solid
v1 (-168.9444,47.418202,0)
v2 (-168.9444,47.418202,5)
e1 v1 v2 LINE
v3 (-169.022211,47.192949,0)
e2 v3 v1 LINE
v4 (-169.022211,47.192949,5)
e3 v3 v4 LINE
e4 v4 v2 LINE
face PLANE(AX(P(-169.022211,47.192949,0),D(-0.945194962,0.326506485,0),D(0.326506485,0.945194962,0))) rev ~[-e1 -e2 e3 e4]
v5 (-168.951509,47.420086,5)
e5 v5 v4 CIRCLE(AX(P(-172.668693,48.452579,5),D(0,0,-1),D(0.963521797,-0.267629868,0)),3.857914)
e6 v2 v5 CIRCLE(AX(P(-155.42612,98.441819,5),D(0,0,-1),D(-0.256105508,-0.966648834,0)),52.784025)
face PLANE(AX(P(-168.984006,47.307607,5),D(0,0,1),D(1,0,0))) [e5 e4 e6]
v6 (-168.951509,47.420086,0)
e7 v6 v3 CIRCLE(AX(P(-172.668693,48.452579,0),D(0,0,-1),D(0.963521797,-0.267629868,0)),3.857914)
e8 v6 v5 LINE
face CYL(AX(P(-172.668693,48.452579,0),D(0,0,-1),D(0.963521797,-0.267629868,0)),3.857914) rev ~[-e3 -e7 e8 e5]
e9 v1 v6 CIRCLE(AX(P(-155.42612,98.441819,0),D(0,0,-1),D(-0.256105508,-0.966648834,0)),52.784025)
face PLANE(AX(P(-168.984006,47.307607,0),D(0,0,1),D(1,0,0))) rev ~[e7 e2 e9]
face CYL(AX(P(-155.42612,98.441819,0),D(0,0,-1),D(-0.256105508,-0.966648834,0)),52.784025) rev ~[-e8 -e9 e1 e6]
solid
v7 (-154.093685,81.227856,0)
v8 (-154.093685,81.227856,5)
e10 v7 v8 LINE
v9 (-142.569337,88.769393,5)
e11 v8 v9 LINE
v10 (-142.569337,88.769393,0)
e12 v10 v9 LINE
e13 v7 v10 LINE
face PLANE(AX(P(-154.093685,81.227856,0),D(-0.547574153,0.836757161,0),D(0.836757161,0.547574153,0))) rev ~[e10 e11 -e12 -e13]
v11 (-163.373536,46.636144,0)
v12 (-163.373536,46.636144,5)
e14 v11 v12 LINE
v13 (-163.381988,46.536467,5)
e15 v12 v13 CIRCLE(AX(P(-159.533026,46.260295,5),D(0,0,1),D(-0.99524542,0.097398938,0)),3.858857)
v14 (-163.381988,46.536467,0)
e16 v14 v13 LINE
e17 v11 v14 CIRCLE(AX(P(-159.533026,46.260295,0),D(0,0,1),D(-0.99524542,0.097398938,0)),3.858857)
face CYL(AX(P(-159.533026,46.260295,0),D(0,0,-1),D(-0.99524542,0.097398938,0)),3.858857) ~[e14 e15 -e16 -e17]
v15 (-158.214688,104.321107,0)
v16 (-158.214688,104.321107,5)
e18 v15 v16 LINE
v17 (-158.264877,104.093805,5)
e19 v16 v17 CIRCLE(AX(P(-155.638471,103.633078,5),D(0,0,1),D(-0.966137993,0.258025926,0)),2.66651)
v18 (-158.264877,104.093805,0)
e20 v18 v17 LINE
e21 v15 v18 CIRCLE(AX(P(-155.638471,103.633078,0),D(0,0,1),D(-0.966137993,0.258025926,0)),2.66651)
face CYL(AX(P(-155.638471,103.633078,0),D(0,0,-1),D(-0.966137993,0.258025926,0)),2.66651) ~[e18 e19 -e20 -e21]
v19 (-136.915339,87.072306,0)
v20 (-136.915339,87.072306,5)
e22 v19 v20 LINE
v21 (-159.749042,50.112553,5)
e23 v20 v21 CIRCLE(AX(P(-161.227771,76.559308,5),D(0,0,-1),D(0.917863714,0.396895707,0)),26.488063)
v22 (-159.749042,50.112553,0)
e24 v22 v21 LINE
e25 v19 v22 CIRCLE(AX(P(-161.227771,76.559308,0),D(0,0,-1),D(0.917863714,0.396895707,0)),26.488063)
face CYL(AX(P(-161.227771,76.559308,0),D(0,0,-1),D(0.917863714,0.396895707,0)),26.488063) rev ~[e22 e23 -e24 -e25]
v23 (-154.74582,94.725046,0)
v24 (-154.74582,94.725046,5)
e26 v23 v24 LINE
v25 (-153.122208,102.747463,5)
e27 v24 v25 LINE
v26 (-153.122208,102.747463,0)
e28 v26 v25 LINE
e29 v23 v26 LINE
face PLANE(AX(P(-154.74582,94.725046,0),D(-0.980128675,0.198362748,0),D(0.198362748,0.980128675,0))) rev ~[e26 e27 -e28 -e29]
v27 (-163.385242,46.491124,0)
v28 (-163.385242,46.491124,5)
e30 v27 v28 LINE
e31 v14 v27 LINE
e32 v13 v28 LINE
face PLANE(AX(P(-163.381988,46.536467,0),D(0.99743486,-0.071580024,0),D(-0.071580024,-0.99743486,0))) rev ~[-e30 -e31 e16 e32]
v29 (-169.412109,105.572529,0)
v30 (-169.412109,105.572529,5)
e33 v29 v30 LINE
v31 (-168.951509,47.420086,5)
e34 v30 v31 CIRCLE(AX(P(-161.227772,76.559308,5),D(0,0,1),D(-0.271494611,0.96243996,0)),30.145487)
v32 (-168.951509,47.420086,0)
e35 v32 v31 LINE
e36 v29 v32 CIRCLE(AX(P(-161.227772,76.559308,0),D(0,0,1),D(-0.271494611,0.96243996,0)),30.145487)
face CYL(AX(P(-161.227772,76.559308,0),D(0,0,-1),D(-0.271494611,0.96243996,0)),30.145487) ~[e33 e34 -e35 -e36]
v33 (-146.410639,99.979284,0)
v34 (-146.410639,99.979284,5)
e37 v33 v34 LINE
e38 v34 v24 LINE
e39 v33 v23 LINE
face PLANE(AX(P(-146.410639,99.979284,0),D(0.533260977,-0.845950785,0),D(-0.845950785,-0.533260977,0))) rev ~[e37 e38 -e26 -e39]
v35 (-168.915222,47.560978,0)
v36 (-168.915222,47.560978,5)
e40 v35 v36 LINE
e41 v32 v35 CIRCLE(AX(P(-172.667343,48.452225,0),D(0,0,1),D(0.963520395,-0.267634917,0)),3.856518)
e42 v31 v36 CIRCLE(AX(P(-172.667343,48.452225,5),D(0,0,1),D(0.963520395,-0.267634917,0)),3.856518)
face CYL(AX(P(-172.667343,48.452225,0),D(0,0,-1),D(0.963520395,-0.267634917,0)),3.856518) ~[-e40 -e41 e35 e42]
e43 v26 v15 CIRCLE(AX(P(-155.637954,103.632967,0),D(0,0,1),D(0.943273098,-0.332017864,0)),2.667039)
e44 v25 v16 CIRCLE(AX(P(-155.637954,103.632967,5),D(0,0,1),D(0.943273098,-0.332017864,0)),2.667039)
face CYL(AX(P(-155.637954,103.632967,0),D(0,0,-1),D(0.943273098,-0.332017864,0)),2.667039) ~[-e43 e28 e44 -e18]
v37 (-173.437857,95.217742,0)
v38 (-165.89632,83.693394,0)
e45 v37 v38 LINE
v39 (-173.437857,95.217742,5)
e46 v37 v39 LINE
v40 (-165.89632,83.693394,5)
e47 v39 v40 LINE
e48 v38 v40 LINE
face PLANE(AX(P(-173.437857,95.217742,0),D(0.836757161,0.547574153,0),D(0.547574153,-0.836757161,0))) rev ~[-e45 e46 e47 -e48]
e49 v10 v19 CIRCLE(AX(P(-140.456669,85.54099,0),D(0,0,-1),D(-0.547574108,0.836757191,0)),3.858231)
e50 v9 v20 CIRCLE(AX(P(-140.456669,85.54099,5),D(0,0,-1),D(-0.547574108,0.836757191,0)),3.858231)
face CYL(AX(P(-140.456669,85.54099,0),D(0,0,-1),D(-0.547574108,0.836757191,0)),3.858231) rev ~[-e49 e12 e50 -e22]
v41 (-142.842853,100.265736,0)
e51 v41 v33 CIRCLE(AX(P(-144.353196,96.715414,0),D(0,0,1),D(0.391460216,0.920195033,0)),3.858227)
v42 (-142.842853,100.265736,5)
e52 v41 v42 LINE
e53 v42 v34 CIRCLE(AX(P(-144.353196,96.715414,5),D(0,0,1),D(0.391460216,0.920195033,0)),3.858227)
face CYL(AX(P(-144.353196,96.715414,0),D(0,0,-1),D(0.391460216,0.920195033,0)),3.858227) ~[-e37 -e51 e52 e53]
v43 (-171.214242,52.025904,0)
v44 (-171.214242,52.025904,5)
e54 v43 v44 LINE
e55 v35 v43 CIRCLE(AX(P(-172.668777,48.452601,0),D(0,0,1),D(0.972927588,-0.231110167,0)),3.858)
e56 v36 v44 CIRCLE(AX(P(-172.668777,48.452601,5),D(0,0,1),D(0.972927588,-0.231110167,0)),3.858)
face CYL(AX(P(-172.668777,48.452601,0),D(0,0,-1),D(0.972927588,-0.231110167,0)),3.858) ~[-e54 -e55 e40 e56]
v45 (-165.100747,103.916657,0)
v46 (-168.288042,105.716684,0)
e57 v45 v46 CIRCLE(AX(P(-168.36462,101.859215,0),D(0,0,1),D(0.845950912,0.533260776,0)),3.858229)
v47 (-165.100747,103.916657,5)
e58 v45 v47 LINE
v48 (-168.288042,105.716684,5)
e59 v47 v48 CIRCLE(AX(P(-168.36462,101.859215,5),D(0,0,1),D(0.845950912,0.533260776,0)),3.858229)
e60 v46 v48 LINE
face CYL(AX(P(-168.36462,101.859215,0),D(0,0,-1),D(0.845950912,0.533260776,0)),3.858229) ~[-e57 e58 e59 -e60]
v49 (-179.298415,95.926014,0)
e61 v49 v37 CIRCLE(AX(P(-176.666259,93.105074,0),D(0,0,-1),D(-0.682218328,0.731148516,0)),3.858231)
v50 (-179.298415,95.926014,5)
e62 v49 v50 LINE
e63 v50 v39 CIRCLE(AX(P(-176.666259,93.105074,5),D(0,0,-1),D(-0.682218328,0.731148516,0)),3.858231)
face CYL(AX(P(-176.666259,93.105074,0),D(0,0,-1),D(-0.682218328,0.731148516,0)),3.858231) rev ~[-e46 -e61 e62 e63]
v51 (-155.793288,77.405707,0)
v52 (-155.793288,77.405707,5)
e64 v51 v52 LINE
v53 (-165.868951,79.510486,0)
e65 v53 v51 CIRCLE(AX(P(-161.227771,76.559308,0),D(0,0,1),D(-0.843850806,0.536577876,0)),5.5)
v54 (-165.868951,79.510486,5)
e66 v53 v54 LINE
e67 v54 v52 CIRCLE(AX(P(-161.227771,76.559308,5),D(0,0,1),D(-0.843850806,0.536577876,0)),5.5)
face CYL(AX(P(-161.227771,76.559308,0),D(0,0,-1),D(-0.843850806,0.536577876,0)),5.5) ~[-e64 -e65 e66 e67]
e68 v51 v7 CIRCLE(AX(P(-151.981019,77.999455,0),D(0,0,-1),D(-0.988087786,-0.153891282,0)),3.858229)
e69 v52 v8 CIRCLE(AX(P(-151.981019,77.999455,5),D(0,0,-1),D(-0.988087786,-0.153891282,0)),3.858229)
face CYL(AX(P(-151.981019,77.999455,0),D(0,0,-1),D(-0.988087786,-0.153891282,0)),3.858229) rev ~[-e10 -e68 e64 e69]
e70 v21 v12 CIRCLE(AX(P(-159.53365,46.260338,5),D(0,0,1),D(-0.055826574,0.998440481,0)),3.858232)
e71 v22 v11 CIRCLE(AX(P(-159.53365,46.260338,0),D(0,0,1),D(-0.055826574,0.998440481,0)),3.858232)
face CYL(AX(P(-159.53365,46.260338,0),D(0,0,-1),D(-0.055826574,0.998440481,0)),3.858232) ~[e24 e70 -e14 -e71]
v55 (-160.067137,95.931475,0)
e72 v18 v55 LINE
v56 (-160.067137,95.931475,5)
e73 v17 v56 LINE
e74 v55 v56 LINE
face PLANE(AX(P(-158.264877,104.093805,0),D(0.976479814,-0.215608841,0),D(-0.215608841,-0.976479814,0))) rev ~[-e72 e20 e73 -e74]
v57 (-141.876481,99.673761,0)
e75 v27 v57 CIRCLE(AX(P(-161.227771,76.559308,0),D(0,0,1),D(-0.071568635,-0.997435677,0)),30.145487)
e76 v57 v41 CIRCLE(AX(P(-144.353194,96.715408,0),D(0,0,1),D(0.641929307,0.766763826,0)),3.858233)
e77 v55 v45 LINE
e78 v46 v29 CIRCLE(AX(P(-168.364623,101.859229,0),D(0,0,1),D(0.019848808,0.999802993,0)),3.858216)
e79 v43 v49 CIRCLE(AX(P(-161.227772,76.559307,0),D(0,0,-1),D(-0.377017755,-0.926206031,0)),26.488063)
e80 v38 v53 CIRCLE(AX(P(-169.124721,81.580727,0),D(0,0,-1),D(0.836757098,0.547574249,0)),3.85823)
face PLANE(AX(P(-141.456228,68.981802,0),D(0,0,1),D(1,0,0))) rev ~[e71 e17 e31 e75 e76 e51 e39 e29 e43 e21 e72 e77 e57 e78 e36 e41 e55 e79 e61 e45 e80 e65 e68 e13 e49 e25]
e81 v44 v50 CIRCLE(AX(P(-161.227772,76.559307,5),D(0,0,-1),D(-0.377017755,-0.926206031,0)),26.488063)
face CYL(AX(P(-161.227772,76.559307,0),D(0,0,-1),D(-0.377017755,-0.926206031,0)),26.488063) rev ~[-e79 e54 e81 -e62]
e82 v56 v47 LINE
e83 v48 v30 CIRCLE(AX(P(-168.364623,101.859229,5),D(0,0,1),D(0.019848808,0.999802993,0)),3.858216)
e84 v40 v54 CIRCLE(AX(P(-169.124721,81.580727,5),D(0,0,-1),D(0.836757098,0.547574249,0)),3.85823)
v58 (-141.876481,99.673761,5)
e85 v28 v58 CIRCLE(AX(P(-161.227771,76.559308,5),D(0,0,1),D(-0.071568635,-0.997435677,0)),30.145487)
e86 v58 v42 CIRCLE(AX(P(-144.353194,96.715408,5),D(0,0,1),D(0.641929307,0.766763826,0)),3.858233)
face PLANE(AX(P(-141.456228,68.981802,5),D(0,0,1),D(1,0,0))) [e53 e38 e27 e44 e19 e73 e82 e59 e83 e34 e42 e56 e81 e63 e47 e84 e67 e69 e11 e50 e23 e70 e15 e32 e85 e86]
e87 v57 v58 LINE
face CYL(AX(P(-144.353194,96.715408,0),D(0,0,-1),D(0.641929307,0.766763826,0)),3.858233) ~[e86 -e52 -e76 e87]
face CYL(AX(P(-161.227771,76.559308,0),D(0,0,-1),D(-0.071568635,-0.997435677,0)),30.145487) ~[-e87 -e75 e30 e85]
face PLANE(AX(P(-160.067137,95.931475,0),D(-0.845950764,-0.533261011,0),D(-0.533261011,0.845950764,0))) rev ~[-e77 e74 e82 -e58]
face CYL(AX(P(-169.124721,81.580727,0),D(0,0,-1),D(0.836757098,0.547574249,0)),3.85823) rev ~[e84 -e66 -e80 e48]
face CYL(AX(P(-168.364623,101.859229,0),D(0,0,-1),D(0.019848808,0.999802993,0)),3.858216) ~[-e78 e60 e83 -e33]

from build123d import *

# Parameters (mm, degrees)
F1_DEPTH = 5


with BuildPart() as f1:
    # F0 (on Top) → F1 (new body)
    with BuildSketch(Plane.XY):
        with BuildLine():
            Line((-163.381988, 46.536467), (-163.385242, 46.491124))
            ThreePointArc((-163.385242, 46.491124), (-133.281303, 65.256861), (-141.876481, 99.673761))
            ThreePointArc((-141.876481, 99.673761), (-142.337813, 100.005423), (-142.842853, 100.265736))
            ThreePointArc((-142.842853, 100.265736), (-133.210619, 65.833675), (-163.373536, 46.636144))
            ThreePointArc((-163.373536, 46.636144), (-163.378085, 46.586333), (-163.381988, 46.536467))
        make_face()
        with BuildLine():
            ThreePointArc((-168.9444, 47.418202), (-168.947955, 47.419144), (-168.951509, 47.420086))
            ThreePointArc((-168.951509, 47.420086), (-168.985109, 47.305972), (-169.022211, 47.192949))
            Line((-169.022211, 47.192949), (-168.9444, 47.418202))
        make_face()
        with BuildLine():
            ThreePointArc((-163.373536, 46.636144), (-133.210619, 65.833675), (-142.842853, 100.265736))
            ThreePointArc((-142.842853, 100.265736), (-144.661973, 100.561266), (-146.410639, 99.979284))
            Line((-146.410639, 99.979284), (-154.74582, 94.725046))
            Line((-154.74582, 94.725046), (-153.122208, 102.747463))
            ThreePointArc((-153.122208, 102.747463), (-154.850541, 106.181119), (-158.214688, 104.321107))
            Line((-158.214688, 104.321107), (-158.264877, 104.093805))
            Line((-158.264877, 104.093805), (-160.067137, 95.931475))
            Line((-160.067137, 95.931475), (-165.100747, 103.916657))
            ThreePointArc((-165.100747, 103.916657), (-166.467338, 105.218717), (-168.288042, 105.716684))
            ThreePointArc((-168.288042, 105.716684), (-191.226027, 76.882824), (-168.915222, 47.560978))
            ThreePointArc((-168.915222, 47.560978), (-169.238771, 50.218734), (-171.214242, 52.025904))
            ThreePointArc((-171.214242, 52.025904), (-187.277826, 71.762209), (-179.298415, 95.926014))
            ThreePointArc((-179.298415, 95.926014), (-176.203345, 96.935434), (-173.437857, 95.217742))
            Line((-173.437857, 95.217742), (-165.89632, 83.693394))
            ThreePointArc((-165.89632, 83.693394), (-165.266574, 81.605971), (-165.868951, 79.510486))
            ThreePointArc((-165.868951, 79.510486), (-162.352429, 71.175522), (-155.793288, 77.405707))
            ThreePointArc((-155.793288, 77.405707), (-155.506415, 79.567101), (-154.093685, 81.227856))
            Line((-154.093685, 81.227856), (-142.569337, 88.769393))
            ThreePointArc((-142.569337, 88.769393), (-139.347483, 89.236346), (-136.915339, 87.072306))
            ThreePointArc((-136.915339, 87.072306), (-138.693312, 62.637539), (-159.749042, 50.112553))
            ThreePointArc((-159.749042, 50.112553), (-162.204357, 49.044809), (-163.373536, 46.636144))
        make_face()
        with BuildLine():
            Line((-158.264877, 104.093805), (-158.214688, 104.321107))
            ThreePointArc((-158.214688, 104.321107), (-158.242264, 104.208004), (-158.264877, 104.093805))
        make_face()
        with BuildLine():
            ThreePointArc((-168.915222, 47.560978), (-191.226027, 76.882824), (-168.288042, 105.716684))
            ThreePointArc((-168.288042, 105.716684), (-168.855397, 105.686103), (-169.412109, 105.572529))
            ThreePointArc((-169.412109, 105.572529), (-191.372313, 76.320546), (-168.951509, 47.420086))
            ThreePointArc((-168.951509, 47.420086), (-168.932701, 47.490361), (-168.915222, 47.560978))
        make_face()
    extrude(amount=F1_DEPTH)


solid = f1.part
